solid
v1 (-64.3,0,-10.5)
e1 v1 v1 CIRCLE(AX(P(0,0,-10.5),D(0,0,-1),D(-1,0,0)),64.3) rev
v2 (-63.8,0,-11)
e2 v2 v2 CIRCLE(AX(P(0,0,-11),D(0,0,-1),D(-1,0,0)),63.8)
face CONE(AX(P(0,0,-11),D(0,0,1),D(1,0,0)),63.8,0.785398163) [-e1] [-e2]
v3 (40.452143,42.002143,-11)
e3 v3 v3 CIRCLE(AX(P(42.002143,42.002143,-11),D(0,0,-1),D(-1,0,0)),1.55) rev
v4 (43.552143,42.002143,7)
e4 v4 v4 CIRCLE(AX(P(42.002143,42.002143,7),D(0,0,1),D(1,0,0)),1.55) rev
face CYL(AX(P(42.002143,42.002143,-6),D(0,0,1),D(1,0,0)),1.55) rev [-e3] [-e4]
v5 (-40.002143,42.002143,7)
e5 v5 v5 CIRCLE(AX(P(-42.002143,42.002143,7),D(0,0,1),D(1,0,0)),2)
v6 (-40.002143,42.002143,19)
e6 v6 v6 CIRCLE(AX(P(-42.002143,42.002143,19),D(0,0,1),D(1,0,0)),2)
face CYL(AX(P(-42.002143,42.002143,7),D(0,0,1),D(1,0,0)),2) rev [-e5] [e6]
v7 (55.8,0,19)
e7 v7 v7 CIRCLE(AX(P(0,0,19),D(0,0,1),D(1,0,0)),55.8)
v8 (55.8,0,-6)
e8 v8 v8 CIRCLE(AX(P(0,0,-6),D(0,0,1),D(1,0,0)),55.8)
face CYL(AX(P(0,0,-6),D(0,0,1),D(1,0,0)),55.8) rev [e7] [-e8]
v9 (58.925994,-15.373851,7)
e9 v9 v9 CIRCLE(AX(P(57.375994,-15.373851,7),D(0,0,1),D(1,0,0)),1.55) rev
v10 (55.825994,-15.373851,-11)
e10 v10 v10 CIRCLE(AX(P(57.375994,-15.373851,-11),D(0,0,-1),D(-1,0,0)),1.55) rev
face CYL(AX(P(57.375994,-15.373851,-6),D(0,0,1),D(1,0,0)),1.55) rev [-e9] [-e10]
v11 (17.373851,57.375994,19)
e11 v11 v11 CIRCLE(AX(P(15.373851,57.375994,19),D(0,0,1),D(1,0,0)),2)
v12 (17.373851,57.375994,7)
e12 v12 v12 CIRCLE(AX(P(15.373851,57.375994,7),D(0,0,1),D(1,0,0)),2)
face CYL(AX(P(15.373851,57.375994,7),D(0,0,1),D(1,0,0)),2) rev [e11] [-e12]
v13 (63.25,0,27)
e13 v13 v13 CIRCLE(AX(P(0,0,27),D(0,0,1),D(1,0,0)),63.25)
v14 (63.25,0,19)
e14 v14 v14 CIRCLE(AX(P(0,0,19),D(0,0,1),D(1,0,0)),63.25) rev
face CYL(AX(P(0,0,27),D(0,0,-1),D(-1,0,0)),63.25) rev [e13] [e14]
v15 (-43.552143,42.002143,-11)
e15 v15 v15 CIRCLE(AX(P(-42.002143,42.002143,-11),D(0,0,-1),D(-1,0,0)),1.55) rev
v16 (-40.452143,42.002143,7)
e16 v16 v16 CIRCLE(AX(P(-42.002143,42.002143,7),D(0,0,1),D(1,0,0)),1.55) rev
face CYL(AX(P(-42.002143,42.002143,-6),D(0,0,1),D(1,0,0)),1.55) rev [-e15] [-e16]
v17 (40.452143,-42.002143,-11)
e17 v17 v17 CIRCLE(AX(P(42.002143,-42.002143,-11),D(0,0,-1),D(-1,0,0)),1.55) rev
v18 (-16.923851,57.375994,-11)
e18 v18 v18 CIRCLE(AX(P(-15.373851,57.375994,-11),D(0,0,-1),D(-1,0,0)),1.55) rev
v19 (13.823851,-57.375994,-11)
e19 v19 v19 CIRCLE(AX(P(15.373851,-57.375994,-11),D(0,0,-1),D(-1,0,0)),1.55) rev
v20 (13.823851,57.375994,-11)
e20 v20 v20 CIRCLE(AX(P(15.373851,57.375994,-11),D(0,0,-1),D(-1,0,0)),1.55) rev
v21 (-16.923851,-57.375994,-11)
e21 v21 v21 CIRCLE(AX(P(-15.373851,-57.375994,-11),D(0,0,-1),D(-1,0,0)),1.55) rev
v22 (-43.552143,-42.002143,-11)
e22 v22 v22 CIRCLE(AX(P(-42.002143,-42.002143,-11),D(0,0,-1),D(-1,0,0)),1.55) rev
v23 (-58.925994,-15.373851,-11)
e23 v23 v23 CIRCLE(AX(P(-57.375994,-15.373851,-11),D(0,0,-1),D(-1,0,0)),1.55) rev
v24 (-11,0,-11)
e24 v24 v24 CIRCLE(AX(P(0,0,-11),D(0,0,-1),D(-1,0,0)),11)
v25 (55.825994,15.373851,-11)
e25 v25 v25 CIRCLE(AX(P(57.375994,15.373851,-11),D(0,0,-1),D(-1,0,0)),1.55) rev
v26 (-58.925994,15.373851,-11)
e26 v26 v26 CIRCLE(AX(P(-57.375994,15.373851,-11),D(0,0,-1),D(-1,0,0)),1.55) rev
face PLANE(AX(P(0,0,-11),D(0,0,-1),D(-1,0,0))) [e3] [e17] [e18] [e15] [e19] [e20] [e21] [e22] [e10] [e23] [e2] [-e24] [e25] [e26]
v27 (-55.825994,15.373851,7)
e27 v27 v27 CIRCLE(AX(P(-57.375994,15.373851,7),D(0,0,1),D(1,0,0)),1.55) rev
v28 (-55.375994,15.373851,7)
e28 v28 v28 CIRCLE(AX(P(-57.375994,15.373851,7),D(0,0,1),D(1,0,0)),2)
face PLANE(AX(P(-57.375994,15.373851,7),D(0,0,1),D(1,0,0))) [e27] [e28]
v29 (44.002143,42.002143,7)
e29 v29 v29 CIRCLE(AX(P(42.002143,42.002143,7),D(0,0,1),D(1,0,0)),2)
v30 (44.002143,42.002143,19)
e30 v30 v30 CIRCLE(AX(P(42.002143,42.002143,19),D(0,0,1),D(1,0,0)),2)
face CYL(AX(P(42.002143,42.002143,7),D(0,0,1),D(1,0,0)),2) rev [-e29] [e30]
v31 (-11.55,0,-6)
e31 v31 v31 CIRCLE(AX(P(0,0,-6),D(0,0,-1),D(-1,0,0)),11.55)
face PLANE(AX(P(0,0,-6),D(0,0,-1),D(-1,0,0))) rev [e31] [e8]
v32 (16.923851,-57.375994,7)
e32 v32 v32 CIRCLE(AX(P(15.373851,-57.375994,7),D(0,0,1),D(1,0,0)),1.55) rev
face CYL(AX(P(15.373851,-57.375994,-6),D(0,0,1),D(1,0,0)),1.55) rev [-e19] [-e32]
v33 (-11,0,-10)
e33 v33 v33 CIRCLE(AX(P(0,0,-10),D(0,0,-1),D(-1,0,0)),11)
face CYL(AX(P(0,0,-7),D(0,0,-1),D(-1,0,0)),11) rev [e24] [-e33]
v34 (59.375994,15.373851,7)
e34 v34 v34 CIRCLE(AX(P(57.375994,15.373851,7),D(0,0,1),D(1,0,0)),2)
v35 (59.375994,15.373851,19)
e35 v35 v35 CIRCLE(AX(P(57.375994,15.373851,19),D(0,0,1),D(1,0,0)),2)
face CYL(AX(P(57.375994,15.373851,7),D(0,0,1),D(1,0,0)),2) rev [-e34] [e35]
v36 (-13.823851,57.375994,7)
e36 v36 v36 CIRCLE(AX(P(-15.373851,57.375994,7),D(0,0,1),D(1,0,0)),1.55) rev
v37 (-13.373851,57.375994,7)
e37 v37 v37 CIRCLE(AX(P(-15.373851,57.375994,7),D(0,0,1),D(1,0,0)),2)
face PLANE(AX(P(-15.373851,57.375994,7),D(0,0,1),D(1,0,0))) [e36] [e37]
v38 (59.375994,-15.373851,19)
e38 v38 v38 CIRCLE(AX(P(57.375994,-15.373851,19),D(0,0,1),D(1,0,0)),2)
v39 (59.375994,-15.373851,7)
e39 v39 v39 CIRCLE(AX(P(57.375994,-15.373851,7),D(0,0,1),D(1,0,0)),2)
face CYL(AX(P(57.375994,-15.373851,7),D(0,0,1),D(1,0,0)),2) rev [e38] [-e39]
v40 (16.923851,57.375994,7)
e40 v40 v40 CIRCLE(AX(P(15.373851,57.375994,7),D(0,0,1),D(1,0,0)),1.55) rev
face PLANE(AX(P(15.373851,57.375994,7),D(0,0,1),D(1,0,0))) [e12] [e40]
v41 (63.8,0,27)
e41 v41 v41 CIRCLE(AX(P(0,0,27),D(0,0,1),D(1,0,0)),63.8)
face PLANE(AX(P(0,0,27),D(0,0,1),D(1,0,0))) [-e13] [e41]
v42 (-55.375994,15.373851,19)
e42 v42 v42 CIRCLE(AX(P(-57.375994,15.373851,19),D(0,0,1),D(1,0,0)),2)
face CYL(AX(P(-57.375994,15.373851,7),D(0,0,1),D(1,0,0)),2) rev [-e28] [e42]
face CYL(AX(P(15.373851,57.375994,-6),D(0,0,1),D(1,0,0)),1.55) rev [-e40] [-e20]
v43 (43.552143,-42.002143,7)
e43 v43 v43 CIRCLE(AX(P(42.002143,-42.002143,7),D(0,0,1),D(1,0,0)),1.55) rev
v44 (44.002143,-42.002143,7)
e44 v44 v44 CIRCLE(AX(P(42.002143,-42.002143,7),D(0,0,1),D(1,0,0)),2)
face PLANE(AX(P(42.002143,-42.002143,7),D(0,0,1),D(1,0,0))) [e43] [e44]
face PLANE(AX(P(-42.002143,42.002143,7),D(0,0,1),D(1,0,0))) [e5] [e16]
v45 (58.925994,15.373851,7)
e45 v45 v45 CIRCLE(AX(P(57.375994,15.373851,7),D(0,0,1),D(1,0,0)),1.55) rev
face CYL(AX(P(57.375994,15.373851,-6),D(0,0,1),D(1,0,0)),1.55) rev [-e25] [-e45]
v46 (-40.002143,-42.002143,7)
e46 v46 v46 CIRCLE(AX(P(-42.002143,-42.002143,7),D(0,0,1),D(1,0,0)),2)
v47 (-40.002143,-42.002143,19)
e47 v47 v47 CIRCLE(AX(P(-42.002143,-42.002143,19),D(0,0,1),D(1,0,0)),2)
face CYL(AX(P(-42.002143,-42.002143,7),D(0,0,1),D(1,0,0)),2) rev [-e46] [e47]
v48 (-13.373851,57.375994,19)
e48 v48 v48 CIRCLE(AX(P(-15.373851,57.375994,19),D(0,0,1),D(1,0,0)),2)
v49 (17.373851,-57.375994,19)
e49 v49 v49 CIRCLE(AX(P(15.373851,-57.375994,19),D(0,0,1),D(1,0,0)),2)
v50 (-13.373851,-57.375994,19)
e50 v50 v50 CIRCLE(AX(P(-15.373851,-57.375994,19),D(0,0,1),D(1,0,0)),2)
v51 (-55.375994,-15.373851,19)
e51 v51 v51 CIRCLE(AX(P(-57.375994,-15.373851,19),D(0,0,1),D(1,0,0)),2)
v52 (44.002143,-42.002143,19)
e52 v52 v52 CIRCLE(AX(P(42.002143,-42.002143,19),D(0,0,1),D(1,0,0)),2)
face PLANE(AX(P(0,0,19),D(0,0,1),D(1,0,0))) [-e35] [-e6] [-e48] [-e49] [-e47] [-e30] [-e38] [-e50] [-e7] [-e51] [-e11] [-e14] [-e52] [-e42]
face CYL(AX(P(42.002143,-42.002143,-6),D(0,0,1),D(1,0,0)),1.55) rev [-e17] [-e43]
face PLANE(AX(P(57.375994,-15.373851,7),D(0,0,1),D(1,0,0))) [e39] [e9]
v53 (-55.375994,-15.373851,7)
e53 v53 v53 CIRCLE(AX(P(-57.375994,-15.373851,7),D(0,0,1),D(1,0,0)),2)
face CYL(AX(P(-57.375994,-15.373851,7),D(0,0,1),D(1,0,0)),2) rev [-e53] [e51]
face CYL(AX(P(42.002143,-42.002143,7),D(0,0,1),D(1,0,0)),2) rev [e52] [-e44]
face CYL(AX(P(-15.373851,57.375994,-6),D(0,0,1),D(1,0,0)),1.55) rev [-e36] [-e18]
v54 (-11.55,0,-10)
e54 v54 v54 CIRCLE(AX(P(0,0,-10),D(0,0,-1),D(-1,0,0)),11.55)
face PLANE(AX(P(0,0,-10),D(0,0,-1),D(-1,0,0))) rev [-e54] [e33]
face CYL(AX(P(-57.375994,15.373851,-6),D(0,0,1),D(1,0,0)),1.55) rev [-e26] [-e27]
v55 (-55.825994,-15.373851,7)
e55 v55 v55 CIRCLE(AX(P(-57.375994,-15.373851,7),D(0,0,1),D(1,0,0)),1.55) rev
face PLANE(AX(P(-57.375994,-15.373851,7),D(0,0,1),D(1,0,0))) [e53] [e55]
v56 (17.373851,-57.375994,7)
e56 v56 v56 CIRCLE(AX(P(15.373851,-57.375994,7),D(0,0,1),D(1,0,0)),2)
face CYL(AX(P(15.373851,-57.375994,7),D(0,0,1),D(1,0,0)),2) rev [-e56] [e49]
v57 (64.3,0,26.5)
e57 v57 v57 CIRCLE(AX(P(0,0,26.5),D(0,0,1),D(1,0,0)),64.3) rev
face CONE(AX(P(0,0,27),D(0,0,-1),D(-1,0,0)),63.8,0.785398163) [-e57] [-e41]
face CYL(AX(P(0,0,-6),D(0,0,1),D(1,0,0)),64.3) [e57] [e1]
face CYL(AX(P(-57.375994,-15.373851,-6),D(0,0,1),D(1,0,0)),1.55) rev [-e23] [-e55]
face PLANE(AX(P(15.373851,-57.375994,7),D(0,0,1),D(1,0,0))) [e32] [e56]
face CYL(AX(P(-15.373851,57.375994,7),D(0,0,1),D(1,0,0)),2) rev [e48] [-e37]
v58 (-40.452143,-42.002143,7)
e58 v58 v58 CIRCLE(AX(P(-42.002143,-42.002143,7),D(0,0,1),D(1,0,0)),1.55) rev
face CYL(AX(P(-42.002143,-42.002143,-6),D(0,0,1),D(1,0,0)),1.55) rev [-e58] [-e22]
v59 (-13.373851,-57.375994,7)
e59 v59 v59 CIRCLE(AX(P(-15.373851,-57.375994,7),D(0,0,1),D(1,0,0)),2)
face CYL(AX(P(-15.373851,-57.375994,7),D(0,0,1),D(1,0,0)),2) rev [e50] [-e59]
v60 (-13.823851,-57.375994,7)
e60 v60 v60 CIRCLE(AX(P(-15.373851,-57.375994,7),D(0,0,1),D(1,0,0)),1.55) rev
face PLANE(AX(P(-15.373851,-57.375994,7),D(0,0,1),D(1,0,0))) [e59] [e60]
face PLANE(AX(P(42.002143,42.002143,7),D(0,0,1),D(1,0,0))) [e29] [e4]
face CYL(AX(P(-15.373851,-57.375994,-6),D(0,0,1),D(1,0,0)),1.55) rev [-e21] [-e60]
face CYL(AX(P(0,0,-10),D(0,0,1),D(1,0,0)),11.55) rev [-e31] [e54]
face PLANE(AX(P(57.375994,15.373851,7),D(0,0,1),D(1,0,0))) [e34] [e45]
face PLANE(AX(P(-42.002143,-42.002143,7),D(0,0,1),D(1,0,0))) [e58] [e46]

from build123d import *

# Parameters (mm, degrees)
ACTUATOR_HOUSING_MOUNT_R    = 64.3
ACTUATOR_HOUSING_MOUNT_R_2  = 55.8
ACTUATOR_HOUSING_MOUNT_R_3  = 1.55
ACTUATOR_HOUSING_WALL_DEPTH = 25
SKETCH2_R                   = 64.3
SKETCH2_R_2                 = 1.55
SKETCH2_R_3                 = 55.8
BOSS_EXTRUDE2_DEPTH         = 5
CUT_EXTRUDE1_START          = -5
SKETCH3_R                   = 11.55
CUT_EXTRUDE1_DEPTH          = 4
SKETCH4_R                   = 11
CUT_EXTRUDE2_DEPTH          = 4
BOSS_EXTRUDE3_START         = 8
SKETCH6_R                   = 64.3
SKETCH6_R_2                 = 63.25
BOSS_EXTRUDE3_DEPTH         = 8
SKETCH7_R                   = 2
M3_INSERT_L12_DEPTH         = 12
CHAMFER2_SIZE               = 0.5


with BuildPart() as part:
    # Actuator Housing Mount → Actuator Housing Wall (new body)
    with BuildSketch(Plane.XY.offset(19)):
        Circle(ACTUATOR_HOUSING_MOUNT_R)
        Circle(ACTUATOR_HOUSING_MOUNT_R_2, mode=Mode.SUBTRACT)
        with Locations((57.375994082, 15.373851279)):
            Circle(ACTUATOR_HOUSING_MOUNT_R_3, mode=Mode.SUBTRACT)
        with Locations((57.375994082, -15.373851279)):
            Circle(ACTUATOR_HOUSING_MOUNT_R_3, mode=Mode.SUBTRACT)
        with Locations((42.002142802, -42.002142802)):
            Circle(ACTUATOR_HOUSING_MOUNT_R_3, mode=Mode.SUBTRACT)
        with Locations((15.373851279, -57.375994082)):
            Circle(ACTUATOR_HOUSING_MOUNT_R_3, mode=Mode.SUBTRACT)
        with Locations((-15.373851279, -57.375994082)):
            Circle(ACTUATOR_HOUSING_MOUNT_R_3, mode=Mode.SUBTRACT)
        with Locations((-42.002142802, -42.002142802)):
            Circle(ACTUATOR_HOUSING_MOUNT_R_3, mode=Mode.SUBTRACT)
        with Locations((-57.375994082, -15.373851279)):
            Circle(ACTUATOR_HOUSING_MOUNT_R_3, mode=Mode.SUBTRACT)
        with Locations((-57.375994082, 15.373851279)):
            Circle(ACTUATOR_HOUSING_MOUNT_R_3, mode=Mode.SUBTRACT)
        with Locations((-42.002142802, 42.002142802)):
            Circle(ACTUATOR_HOUSING_MOUNT_R_3, mode=Mode.SUBTRACT)
        with Locations((-15.373851279, 57.375994082)):
            Circle(ACTUATOR_HOUSING_MOUNT_R_3, mode=Mode.SUBTRACT)
        with Locations((15.373851279, 57.375994082)):
            Circle(ACTUATOR_HOUSING_MOUNT_R_3, mode=Mode.SUBTRACT)
        with Locations((42.002142802, 42.002142802)):
            Circle(ACTUATOR_HOUSING_MOUNT_R_3, mode=Mode.SUBTRACT)
    extrude(amount=-ACTUATOR_HOUSING_WALL_DEPTH)

    # Sketch2 → Boss-Extrude2 (add)
    # profile 1 of 2: a face of its own
    with BuildSketch(Plane(origin=(0, 0, -6), x_dir=(-1, 0, 0), z_dir=(0, 0, -1))):
        with Locations(Location((0, 0, 0), (0, 0, 180))):
            Circle(SKETCH2_R)
        with Locations(Location((-15.373851279, 57.375994082, 0), (0, 0, 180))):
            Circle(SKETCH2_R_2, mode=Mode.SUBTRACT)
        with Locations(Location((42.002142802, 42.002142802, 0), (0, 0, 180))):
            Circle(SKETCH2_R_2, mode=Mode.SUBTRACT)
        with Locations(Location((57.375994082, -15.373851279, 0), (0, 0, 180))):
            Circle(SKETCH2_R_2, mode=Mode.SUBTRACT)
        with Locations(Location((15.373851279, -57.375994082, 0), (0, 0, 180))):
            Circle(SKETCH2_R_2, mode=Mode.SUBTRACT)
        with Locations(Location((-42.002142802, -42.002142802, 0), (0, 0, 180))):
            Circle(SKETCH2_R_2, mode=Mode.SUBTRACT)
        with Locations(Location((-57.375994082, -15.373851279, 0), (0, 0, 180))):
            Circle(SKETCH2_R_2, mode=Mode.SUBTRACT)
        with Locations(Location((-57.375994082, 15.373851279, 0), (0, 0, 180))):
            Circle(SKETCH2_R_2, mode=Mode.SUBTRACT)
        with Locations(Location((0, 0, 0), (0, 0, 180))):
            Circle(SKETCH2_R_3, mode=Mode.SUBTRACT)
        with Locations(Location((-15.373851279, -57.375994082, 0), (0, 0, 180))):
            Circle(SKETCH2_R_2, mode=Mode.SUBTRACT)
        with Locations(Location((42.002142802, -42.002142802, 0), (0, 0, 180))):
            Circle(SKETCH2_R_2, mode=Mode.SUBTRACT)
        with Locations(Location((57.375994082, 15.373851279, 0), (0, 0, 180))):
            Circle(SKETCH2_R_2, mode=Mode.SUBTRACT)
        with Locations(Location((15.373851279, 57.375994082, 0), (0, 0, 180))):
            Circle(SKETCH2_R_2, mode=Mode.SUBTRACT)
        with Locations(Location((-42.002142802, 42.002142802, 0), (0, 0, 180))):
            Circle(SKETCH2_R_2, mode=Mode.SUBTRACT)
    # profile 2 of 2: a face of its own
    with BuildSketch(Plane(origin=(0, 0, -6), x_dir=(-1, 0, 0), z_dir=(0, 0, -1))):
        with Locations(Location((0, 0, 0), (0, 0, 180))):
            Circle(SKETCH2_R_3)
    extrude(amount=BOSS_EXTRUDE2_DEPTH)

    # Sketch3 → Cut-Extrude1 (cut)
    with BuildSketch(Plane(origin=(0, 0, -11), x_dir=(-1, 0, 0), z_dir=(0, 0, -1)).offset(CUT_EXTRUDE1_START)):
        Circle(SKETCH3_R)
    extrude(amount=CUT_EXTRUDE1_DEPTH, mode=Mode.SUBTRACT)

    # Sketch4 → Cut-Extrude2 (cut)
    with BuildSketch(Plane(origin=(0, 0, -11), x_dir=(-1, 0, 0), z_dir=(0, 0, -1))):
        Circle(SKETCH4_R)
    extrude(amount=-CUT_EXTRUDE2_DEPTH, mode=Mode.SUBTRACT)

    # Sketch6 → Boss-Extrude3 (add)
    with BuildSketch(Plane.XY.offset(19).offset(BOSS_EXTRUDE3_START)):
        Circle(SKETCH6_R)
        Circle(SKETCH6_R_2, mode=Mode.SUBTRACT)
    extrude(amount=-BOSS_EXTRUDE3_DEPTH)

    # Sketch7 → M3 Insert L12 (cut)
    with BuildSketch(Plane.XY.offset(19)):
        with Locations((57.375994082, -15.373851279)):
            Circle(SKETCH7_R)
        with Locations((42.002142802, -42.002142802)):
            Circle(SKETCH7_R)
        with Locations((15.373851279, -57.375994082)):
            Circle(SKETCH7_R)
        with Locations((-15.373851279, -57.375994082)):
            Circle(SKETCH7_R)
        with Locations((-42.002142802, -42.002142802)):
            Circle(SKETCH7_R)
        with Locations((-57.375994082, -15.373851279)):
            Circle(SKETCH7_R)
        with Locations((-57.375994082, 15.373851279)):
            Circle(SKETCH7_R)
        with Locations((-42.002142802, 42.002142802)):
            Circle(SKETCH7_R)
        with Locations((-15.373851279, 57.375994082)):
            Circle(SKETCH7_R)
        with Locations((15.373851279, 57.375994082)):
            Circle(SKETCH7_R)
        with Locations((42.002142802, 42.002142802)):
            Circle(SKETCH7_R)
        with Locations((57.375994082, 15.373851279)):
            Circle(SKETCH7_R)
    extrude(amount=-M3_INSERT_L12_DEPTH, mode=Mode.SUBTRACT)

    # Chamfer2
    chamfer2_edges = [part.edges().sort_by_distance(p)[0] for p in [
        (-64.3, 0, 27),
        (-64.3, 0, -11),
    ]]
    chamfer(chamfer2_edges, length=CHAMFER2_SIZE)


solid = part.part
